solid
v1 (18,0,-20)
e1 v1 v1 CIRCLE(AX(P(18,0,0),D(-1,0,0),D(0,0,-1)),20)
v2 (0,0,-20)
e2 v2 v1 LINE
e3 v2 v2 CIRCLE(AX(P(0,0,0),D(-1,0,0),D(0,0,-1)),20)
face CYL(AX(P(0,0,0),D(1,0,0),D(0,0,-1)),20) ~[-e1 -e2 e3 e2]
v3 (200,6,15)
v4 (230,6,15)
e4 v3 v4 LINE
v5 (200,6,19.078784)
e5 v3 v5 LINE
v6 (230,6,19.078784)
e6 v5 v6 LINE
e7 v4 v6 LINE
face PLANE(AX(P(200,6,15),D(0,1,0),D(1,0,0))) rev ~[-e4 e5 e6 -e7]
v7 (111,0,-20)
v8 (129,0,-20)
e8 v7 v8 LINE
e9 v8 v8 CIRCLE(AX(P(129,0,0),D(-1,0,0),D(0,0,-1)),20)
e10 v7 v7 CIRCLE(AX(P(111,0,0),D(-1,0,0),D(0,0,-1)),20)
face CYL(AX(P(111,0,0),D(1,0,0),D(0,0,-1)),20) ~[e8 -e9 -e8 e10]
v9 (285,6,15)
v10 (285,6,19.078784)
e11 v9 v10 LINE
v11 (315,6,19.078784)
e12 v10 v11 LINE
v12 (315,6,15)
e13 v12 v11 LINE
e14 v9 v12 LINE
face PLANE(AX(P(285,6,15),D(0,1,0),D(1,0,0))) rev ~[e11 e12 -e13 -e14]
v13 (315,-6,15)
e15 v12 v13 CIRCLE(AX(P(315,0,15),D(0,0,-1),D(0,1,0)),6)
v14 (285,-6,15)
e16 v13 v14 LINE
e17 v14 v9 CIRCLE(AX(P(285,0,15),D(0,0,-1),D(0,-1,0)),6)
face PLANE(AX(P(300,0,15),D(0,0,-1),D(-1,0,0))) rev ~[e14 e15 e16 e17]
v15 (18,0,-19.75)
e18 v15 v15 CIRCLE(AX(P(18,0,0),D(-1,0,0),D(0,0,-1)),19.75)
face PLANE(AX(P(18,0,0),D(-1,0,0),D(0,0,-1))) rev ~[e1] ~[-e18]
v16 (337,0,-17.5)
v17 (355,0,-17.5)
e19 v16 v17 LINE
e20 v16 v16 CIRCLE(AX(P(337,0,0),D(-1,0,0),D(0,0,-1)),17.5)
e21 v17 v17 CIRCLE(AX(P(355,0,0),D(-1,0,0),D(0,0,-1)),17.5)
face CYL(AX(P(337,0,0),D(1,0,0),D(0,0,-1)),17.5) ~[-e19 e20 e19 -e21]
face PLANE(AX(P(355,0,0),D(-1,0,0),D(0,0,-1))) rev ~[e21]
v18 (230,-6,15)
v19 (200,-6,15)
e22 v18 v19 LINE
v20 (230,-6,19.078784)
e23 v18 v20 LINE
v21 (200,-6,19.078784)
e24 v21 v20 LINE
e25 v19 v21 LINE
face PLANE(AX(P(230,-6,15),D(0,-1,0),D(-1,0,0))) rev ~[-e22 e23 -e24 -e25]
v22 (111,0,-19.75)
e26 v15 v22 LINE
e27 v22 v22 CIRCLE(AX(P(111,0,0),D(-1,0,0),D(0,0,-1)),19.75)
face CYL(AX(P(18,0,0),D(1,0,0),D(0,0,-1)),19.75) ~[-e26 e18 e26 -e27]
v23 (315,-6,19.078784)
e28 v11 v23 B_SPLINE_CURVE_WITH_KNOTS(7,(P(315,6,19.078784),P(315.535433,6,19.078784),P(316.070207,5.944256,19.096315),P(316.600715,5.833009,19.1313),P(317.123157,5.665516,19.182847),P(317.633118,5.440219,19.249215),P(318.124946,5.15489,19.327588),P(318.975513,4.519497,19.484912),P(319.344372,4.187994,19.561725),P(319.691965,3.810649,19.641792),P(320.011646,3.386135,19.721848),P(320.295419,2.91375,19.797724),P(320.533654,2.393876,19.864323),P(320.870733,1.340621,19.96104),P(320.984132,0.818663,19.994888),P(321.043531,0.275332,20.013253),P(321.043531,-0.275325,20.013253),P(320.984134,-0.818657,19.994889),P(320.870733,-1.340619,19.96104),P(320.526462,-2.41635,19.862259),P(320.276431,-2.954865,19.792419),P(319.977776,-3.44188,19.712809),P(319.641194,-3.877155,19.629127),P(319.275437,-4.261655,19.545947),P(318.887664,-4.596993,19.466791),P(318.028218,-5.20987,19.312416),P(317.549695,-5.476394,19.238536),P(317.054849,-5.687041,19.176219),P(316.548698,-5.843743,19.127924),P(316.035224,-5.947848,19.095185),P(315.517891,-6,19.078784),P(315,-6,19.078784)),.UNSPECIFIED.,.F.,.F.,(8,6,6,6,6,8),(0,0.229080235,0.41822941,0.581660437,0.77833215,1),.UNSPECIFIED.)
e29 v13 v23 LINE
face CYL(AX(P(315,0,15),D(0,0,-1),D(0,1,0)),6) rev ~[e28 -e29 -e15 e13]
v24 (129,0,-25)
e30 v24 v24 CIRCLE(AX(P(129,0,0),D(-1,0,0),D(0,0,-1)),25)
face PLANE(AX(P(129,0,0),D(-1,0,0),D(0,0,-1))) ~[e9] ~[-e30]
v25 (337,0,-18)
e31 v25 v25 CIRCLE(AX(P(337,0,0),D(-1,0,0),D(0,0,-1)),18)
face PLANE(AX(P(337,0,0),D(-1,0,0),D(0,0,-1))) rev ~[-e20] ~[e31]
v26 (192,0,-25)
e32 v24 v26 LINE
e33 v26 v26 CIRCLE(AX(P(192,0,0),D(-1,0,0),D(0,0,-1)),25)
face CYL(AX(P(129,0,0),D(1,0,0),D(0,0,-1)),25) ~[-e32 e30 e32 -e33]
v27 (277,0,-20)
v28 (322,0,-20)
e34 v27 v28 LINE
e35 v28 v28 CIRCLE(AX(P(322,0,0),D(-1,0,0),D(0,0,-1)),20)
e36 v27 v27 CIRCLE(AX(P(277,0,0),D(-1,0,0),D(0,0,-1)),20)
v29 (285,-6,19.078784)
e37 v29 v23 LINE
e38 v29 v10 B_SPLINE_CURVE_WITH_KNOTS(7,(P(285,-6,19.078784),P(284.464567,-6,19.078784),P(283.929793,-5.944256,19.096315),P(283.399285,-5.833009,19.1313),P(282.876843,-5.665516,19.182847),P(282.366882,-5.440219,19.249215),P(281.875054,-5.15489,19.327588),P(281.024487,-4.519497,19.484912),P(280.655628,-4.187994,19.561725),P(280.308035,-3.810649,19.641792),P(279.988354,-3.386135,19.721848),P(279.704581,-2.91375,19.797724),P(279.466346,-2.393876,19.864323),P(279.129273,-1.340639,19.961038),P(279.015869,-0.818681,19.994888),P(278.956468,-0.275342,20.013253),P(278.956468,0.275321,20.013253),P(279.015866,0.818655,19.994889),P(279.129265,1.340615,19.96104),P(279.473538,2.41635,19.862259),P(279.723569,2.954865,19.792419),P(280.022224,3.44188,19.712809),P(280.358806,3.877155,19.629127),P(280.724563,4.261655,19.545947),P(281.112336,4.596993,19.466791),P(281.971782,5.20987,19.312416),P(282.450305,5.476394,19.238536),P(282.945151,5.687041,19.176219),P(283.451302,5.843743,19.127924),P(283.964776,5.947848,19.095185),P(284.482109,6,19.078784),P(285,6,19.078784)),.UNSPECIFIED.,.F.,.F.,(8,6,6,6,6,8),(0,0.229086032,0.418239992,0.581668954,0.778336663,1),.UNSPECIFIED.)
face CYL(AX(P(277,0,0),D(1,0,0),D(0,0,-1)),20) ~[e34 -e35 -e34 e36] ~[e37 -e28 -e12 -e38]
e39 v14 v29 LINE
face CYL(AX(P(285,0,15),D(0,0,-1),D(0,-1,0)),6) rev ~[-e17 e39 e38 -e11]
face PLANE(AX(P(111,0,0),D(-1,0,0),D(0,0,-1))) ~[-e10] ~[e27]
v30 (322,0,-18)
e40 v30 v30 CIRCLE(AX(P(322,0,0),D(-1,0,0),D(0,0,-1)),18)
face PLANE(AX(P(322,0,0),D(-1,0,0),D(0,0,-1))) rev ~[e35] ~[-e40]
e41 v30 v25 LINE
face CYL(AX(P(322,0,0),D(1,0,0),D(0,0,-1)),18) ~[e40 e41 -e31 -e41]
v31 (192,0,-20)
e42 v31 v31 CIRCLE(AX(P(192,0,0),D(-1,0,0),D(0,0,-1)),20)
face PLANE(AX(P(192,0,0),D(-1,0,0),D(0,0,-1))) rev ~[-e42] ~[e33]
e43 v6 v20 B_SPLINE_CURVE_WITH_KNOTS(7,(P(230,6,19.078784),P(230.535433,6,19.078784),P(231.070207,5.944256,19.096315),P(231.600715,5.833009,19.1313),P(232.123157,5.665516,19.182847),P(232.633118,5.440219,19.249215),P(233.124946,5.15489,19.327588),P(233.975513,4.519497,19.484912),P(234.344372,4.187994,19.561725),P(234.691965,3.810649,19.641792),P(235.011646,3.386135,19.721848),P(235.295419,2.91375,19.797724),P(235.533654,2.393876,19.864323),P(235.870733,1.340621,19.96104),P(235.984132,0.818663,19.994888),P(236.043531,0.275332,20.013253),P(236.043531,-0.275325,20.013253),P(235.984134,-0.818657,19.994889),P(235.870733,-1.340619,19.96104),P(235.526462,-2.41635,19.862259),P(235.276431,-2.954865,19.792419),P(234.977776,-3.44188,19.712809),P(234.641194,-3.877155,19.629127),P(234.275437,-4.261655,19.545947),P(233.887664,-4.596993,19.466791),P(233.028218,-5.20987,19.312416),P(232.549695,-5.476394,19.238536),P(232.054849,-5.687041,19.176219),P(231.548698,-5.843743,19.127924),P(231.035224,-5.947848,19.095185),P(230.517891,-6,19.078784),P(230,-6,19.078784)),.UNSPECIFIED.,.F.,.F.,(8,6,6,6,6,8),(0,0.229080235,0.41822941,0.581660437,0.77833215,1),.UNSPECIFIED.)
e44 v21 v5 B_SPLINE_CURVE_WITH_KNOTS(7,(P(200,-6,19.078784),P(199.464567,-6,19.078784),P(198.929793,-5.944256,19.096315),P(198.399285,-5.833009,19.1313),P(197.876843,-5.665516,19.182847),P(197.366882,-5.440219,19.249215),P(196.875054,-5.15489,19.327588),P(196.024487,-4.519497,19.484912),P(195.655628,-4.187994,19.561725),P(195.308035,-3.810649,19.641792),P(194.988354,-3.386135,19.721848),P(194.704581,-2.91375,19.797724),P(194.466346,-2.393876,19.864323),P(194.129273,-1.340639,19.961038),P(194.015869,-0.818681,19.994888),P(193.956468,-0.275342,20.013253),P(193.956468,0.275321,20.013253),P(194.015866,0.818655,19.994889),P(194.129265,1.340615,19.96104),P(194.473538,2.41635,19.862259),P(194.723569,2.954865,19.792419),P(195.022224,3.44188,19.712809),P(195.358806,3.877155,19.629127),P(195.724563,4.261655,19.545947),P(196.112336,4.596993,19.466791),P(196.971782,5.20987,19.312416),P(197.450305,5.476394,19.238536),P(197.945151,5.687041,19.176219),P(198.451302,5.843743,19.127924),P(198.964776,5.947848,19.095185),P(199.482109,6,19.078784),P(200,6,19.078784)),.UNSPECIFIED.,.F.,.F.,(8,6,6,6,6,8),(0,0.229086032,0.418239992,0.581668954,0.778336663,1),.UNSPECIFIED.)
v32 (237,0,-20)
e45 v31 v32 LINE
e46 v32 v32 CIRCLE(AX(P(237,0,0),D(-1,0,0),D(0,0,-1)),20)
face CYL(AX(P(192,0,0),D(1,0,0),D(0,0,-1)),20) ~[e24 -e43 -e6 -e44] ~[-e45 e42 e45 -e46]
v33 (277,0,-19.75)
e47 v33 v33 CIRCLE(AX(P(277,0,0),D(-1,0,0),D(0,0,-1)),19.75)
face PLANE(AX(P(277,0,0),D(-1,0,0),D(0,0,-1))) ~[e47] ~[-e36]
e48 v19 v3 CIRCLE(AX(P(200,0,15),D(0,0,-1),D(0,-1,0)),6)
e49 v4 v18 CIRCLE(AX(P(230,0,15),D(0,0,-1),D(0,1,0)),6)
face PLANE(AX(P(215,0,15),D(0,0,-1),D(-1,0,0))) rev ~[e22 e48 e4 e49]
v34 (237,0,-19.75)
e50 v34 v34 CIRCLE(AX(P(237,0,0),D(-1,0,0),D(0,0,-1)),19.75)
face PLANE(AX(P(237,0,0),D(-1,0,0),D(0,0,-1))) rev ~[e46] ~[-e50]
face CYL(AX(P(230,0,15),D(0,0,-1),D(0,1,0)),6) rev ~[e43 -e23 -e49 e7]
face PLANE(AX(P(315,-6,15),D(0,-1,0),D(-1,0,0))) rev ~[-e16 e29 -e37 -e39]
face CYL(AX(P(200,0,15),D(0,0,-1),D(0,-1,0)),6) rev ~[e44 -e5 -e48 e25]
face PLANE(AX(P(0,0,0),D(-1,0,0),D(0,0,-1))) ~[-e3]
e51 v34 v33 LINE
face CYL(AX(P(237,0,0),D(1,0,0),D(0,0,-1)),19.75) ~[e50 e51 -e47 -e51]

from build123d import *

# Parameters (mm, degrees)
CUT_EXTRUDE_1_DEPTH = 10


with BuildPart() as part:
    # 草图1 → 旋转1 (revolve)
    with BuildSketch(Plane.XY, mode=Mode.PRIVATE) as revolve_1_sk:
        Polygon((0, 0), (0, 20), (18, 20), (18, 19.75), (111, 19.75), (111, 20), (129, 20), (129, 25), (192, 25), (192, 20), (237, 20), (237, 19.75), (277, 19.75), (277, 20), (322, 20), (322, 18), (337, 18), (337, 17.5), (355, 17.5), (355, 0), align=None)
    revolve(revolve_1_sk.sketch.rotate(Axis((0, 0, 0), (-1, 0, 0)), 90), axis=Axis((0, 0, 0), (-1, 0, 0)))

    # 草图2 → 切除-拉伸1 (cut)
    with BuildSketch(Plane.XY.offset(15)):
        with BuildLine():
            Line((200, 6), (230, 6))
            ThreePointArc((230, 6), (236, 0), (230, -6))
            Line((230, -6), (200, -6))
            ThreePointArc((200, -6), (194, 0), (200, 6))
        make_face()
        with BuildLine():
            Line((285, 6), (315, 6))
            ThreePointArc((315, 6), (321, 0), (315, -6))
            Line((315, -6), (285, -6))
            ThreePointArc((285, -6), (279, 0), (285, 6))
        make_face()
    extrude(amount=CUT_EXTRUDE_1_DEPTH, mode=Mode.SUBTRACT)


solid = part.part
